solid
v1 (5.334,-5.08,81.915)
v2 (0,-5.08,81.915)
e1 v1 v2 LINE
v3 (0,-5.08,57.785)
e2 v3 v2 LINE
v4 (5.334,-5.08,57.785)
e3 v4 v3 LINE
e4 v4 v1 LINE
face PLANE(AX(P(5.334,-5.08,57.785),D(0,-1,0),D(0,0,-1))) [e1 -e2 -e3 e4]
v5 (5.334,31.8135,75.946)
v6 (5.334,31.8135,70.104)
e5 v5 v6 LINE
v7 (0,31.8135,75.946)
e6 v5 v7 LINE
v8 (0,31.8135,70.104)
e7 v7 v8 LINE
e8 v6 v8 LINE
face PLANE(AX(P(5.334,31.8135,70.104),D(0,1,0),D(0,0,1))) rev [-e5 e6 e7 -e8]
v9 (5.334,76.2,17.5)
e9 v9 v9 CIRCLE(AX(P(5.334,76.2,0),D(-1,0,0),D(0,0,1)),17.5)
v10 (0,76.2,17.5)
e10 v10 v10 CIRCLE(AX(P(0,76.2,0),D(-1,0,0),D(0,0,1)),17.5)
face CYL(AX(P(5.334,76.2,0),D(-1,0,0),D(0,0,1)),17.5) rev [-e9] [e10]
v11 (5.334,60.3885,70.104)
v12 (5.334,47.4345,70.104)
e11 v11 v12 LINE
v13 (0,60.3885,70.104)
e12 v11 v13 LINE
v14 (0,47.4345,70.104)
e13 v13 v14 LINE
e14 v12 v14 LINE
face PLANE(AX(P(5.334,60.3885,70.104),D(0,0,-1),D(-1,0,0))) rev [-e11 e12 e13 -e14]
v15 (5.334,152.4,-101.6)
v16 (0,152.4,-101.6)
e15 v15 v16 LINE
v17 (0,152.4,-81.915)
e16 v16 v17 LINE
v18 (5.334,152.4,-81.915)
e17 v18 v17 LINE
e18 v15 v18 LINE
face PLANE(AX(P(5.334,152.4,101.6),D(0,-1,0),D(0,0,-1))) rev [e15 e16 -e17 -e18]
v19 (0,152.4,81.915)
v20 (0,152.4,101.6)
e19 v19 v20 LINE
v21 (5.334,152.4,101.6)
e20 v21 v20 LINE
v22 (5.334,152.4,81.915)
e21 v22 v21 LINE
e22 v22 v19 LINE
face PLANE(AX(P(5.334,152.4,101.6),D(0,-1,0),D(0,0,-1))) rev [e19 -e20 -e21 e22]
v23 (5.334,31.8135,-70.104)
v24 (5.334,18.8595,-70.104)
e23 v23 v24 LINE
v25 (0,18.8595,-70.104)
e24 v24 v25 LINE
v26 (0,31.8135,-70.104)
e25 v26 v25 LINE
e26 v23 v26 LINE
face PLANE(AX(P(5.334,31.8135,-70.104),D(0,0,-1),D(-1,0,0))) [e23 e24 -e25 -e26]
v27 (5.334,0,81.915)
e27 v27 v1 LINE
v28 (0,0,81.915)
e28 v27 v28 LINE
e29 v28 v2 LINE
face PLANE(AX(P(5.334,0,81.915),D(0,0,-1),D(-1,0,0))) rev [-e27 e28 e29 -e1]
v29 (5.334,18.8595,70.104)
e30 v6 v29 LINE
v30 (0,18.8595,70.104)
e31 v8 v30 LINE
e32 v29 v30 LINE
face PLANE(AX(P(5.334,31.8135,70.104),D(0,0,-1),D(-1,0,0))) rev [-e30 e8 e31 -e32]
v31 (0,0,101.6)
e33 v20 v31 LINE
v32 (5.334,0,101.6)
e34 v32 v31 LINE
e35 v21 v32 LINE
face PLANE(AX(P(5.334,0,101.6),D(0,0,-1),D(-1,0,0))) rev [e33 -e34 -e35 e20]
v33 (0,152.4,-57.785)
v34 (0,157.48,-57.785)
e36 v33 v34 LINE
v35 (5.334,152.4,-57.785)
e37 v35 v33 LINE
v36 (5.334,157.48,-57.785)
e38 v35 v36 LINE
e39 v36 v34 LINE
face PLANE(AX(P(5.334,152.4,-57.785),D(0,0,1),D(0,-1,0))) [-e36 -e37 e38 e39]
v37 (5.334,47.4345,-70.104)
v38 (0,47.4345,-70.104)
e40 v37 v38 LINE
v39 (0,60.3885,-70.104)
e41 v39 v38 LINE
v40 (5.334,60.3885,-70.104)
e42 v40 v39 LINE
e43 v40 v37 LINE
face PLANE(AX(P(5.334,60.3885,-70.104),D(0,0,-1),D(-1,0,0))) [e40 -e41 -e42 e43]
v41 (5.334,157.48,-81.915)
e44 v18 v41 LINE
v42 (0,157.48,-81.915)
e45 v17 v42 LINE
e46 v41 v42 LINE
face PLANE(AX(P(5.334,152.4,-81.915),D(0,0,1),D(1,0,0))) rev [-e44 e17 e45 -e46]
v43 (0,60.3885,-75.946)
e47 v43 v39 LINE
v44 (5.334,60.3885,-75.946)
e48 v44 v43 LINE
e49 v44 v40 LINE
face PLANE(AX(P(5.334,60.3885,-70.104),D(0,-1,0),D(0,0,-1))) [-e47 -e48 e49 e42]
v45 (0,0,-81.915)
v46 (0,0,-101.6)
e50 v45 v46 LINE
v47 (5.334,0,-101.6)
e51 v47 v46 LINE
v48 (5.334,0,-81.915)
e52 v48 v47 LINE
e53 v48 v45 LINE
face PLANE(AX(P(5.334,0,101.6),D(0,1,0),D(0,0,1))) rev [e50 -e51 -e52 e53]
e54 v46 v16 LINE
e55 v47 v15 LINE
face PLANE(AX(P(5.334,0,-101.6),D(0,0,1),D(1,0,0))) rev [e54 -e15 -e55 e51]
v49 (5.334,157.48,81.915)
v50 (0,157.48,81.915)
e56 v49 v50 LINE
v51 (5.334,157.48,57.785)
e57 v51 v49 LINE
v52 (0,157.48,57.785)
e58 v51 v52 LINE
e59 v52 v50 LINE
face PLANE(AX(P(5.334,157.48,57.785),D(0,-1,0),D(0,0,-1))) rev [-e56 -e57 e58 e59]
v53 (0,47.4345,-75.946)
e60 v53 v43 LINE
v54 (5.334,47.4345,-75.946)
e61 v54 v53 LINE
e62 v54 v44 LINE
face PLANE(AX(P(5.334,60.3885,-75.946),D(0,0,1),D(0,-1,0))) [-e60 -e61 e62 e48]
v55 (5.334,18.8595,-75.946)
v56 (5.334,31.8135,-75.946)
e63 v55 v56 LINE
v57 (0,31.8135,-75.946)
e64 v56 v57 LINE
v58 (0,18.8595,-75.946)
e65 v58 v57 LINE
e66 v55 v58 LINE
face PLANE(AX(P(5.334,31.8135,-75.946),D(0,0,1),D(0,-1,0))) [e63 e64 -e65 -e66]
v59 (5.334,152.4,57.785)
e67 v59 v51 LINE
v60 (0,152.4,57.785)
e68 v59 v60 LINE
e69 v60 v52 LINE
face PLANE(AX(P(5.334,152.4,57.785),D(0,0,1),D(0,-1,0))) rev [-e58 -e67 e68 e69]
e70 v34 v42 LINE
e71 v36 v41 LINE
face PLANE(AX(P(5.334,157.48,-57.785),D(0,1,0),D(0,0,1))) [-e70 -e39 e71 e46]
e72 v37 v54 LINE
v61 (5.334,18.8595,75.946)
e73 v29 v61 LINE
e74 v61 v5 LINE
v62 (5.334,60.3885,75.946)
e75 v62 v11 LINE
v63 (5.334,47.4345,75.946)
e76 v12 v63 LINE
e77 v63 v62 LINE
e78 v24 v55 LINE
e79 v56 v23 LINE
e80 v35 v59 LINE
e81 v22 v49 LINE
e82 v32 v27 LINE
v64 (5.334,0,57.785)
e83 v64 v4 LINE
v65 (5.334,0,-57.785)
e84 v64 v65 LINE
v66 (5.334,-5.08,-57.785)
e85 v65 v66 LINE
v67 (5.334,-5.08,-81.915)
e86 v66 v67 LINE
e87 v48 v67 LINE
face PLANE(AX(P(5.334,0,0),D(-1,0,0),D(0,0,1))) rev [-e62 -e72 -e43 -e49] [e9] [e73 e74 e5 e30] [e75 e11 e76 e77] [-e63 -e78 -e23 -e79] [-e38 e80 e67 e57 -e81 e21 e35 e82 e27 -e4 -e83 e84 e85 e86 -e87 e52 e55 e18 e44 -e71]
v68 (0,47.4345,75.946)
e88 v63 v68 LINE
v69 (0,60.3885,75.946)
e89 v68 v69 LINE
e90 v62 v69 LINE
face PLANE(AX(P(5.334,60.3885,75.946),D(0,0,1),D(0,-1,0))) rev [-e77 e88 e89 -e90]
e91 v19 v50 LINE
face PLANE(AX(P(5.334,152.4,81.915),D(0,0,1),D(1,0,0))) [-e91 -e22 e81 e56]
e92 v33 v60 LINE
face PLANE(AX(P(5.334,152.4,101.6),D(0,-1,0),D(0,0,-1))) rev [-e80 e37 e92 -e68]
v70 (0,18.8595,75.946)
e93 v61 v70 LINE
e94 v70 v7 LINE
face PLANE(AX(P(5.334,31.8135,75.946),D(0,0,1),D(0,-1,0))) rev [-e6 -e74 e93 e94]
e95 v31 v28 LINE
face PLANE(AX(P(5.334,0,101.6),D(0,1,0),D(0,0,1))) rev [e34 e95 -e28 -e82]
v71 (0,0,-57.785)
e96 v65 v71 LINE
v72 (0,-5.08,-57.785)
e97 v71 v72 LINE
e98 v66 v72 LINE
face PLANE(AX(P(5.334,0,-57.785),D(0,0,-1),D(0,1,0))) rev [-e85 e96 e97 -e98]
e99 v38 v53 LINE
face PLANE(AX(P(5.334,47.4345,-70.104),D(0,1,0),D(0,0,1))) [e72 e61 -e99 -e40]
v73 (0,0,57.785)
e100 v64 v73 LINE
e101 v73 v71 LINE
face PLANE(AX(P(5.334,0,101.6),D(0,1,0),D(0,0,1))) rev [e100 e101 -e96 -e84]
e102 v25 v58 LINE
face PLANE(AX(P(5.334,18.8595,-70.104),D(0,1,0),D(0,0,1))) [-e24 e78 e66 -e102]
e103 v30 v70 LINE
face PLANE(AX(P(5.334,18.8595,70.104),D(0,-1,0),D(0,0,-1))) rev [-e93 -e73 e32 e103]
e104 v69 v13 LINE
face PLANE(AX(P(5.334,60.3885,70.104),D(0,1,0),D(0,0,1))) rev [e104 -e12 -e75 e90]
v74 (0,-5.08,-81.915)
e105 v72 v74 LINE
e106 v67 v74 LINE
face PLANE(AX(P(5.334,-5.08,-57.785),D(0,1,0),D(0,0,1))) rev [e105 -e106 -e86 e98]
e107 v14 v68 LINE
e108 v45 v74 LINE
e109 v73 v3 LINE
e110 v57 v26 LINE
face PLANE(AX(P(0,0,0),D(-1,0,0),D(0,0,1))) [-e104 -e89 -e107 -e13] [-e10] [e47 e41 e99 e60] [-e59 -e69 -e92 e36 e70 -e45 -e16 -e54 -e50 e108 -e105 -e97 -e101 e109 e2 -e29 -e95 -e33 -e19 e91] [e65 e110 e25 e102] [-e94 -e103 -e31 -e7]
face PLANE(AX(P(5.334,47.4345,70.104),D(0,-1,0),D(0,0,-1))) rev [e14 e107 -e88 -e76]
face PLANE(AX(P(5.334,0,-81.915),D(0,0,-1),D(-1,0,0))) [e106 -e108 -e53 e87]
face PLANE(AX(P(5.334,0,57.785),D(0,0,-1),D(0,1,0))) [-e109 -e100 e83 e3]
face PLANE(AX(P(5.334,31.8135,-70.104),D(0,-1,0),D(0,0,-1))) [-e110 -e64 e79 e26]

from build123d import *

# Parameters (mm, degrees)
SKETCH1_W               = 203.2
SKETCH1_H               = 152.4
BOSS_EXTRUDE2_DEPTH     = 5.334
SKETCH2_R               = 17.5
CUT_EXTRUDE1_DEPTH      = 184.239656068
SKETCH3_W               = 24.13
SKETCH3_H               = 5.08
BOSS_EXTRUDE3_DEPTH     = 5.334
SKETCH4_W               = 5.842
SKETCH4_H               = 12.954
CUT_EXTRUDE2_DEPTH      = 184.239656068
MIRROR3_COPY_1_SKETCH_W = 24.13
MIRROR3_COPY_1_SKETCH_H = 5.08
MIRROR3_COPY_1_DEPTH    = 5.334


with BuildPart() as part:
    # Sketch1 → Boss-Extrude2 (new body)
    with BuildSketch(Plane(origin=(0, 0, 0), x_dir=(0, 0, -1), z_dir=(1, 0, 0))):
        with Locations((0, 76.2)):
            Rectangle(SKETCH1_W, SKETCH1_H)
    extrude(amount=BOSS_EXTRUDE2_DEPTH)

    # Sketch2 → Cut-Extrude1 (cut, through all)
    with BuildSketch(Plane.ZY):
        with Locations((0, 76.2)):
            Circle(SKETCH2_R)
    extrude(amount=-CUT_EXTRUDE1_DEPTH, mode=Mode.SUBTRACT)

    # Sketch3 → Boss-Extrude3 (add, through all)
    with BuildSketch(Plane.ZY):
        with Locations((69.85, -2.54)):
            Rectangle(SKETCH3_W, SKETCH3_H)
    boss_extrude3 = extrude(amount=-BOSS_EXTRUDE3_DEPTH)

    # Mirror1: Boss-Extrude3 across plane
    add(boss_extrude3.mirror(Plane.XY))

    # Sketch4 → Cut-Extrude2 (cut, through all)
    with BuildSketch(Plane.ZY):
        with Locations((73.025, 53.9115)):
            Rectangle(SKETCH4_W, SKETCH4_H)
        with Locations((73.025, 25.3365)):
            Rectangle(SKETCH4_W, SKETCH4_H)
    cut_extrude2 = extrude(amount=-CUT_EXTRUDE2_DEPTH, mode=Mode.SUBTRACT)

    # Mirror2: Cut-Extrude2 across plane
    add(cut_extrude2.mirror(Plane.XY), mode=Mode.SUBTRACT)

    # Mirror3: Boss-Extrude3 across plane
    add(boss_extrude3.mirror(Plane.ZX.offset(76.2)))

    # Mirror3 copy 1 sketch → Mirror3 copy 1 (add, through all)
    with BuildSketch(Plane(origin=(0, 152.4, 0), x_dir=(0, 0, -1), z_dir=(-1, 0, 0))):
        with Locations((69.85, -2.54)):
            Rectangle(MIRROR3_COPY_1_SKETCH_W, MIRROR3_COPY_1_SKETCH_H)
    extrude(amount=-MIRROR3_COPY_1_DEPTH)


solid = part.part
